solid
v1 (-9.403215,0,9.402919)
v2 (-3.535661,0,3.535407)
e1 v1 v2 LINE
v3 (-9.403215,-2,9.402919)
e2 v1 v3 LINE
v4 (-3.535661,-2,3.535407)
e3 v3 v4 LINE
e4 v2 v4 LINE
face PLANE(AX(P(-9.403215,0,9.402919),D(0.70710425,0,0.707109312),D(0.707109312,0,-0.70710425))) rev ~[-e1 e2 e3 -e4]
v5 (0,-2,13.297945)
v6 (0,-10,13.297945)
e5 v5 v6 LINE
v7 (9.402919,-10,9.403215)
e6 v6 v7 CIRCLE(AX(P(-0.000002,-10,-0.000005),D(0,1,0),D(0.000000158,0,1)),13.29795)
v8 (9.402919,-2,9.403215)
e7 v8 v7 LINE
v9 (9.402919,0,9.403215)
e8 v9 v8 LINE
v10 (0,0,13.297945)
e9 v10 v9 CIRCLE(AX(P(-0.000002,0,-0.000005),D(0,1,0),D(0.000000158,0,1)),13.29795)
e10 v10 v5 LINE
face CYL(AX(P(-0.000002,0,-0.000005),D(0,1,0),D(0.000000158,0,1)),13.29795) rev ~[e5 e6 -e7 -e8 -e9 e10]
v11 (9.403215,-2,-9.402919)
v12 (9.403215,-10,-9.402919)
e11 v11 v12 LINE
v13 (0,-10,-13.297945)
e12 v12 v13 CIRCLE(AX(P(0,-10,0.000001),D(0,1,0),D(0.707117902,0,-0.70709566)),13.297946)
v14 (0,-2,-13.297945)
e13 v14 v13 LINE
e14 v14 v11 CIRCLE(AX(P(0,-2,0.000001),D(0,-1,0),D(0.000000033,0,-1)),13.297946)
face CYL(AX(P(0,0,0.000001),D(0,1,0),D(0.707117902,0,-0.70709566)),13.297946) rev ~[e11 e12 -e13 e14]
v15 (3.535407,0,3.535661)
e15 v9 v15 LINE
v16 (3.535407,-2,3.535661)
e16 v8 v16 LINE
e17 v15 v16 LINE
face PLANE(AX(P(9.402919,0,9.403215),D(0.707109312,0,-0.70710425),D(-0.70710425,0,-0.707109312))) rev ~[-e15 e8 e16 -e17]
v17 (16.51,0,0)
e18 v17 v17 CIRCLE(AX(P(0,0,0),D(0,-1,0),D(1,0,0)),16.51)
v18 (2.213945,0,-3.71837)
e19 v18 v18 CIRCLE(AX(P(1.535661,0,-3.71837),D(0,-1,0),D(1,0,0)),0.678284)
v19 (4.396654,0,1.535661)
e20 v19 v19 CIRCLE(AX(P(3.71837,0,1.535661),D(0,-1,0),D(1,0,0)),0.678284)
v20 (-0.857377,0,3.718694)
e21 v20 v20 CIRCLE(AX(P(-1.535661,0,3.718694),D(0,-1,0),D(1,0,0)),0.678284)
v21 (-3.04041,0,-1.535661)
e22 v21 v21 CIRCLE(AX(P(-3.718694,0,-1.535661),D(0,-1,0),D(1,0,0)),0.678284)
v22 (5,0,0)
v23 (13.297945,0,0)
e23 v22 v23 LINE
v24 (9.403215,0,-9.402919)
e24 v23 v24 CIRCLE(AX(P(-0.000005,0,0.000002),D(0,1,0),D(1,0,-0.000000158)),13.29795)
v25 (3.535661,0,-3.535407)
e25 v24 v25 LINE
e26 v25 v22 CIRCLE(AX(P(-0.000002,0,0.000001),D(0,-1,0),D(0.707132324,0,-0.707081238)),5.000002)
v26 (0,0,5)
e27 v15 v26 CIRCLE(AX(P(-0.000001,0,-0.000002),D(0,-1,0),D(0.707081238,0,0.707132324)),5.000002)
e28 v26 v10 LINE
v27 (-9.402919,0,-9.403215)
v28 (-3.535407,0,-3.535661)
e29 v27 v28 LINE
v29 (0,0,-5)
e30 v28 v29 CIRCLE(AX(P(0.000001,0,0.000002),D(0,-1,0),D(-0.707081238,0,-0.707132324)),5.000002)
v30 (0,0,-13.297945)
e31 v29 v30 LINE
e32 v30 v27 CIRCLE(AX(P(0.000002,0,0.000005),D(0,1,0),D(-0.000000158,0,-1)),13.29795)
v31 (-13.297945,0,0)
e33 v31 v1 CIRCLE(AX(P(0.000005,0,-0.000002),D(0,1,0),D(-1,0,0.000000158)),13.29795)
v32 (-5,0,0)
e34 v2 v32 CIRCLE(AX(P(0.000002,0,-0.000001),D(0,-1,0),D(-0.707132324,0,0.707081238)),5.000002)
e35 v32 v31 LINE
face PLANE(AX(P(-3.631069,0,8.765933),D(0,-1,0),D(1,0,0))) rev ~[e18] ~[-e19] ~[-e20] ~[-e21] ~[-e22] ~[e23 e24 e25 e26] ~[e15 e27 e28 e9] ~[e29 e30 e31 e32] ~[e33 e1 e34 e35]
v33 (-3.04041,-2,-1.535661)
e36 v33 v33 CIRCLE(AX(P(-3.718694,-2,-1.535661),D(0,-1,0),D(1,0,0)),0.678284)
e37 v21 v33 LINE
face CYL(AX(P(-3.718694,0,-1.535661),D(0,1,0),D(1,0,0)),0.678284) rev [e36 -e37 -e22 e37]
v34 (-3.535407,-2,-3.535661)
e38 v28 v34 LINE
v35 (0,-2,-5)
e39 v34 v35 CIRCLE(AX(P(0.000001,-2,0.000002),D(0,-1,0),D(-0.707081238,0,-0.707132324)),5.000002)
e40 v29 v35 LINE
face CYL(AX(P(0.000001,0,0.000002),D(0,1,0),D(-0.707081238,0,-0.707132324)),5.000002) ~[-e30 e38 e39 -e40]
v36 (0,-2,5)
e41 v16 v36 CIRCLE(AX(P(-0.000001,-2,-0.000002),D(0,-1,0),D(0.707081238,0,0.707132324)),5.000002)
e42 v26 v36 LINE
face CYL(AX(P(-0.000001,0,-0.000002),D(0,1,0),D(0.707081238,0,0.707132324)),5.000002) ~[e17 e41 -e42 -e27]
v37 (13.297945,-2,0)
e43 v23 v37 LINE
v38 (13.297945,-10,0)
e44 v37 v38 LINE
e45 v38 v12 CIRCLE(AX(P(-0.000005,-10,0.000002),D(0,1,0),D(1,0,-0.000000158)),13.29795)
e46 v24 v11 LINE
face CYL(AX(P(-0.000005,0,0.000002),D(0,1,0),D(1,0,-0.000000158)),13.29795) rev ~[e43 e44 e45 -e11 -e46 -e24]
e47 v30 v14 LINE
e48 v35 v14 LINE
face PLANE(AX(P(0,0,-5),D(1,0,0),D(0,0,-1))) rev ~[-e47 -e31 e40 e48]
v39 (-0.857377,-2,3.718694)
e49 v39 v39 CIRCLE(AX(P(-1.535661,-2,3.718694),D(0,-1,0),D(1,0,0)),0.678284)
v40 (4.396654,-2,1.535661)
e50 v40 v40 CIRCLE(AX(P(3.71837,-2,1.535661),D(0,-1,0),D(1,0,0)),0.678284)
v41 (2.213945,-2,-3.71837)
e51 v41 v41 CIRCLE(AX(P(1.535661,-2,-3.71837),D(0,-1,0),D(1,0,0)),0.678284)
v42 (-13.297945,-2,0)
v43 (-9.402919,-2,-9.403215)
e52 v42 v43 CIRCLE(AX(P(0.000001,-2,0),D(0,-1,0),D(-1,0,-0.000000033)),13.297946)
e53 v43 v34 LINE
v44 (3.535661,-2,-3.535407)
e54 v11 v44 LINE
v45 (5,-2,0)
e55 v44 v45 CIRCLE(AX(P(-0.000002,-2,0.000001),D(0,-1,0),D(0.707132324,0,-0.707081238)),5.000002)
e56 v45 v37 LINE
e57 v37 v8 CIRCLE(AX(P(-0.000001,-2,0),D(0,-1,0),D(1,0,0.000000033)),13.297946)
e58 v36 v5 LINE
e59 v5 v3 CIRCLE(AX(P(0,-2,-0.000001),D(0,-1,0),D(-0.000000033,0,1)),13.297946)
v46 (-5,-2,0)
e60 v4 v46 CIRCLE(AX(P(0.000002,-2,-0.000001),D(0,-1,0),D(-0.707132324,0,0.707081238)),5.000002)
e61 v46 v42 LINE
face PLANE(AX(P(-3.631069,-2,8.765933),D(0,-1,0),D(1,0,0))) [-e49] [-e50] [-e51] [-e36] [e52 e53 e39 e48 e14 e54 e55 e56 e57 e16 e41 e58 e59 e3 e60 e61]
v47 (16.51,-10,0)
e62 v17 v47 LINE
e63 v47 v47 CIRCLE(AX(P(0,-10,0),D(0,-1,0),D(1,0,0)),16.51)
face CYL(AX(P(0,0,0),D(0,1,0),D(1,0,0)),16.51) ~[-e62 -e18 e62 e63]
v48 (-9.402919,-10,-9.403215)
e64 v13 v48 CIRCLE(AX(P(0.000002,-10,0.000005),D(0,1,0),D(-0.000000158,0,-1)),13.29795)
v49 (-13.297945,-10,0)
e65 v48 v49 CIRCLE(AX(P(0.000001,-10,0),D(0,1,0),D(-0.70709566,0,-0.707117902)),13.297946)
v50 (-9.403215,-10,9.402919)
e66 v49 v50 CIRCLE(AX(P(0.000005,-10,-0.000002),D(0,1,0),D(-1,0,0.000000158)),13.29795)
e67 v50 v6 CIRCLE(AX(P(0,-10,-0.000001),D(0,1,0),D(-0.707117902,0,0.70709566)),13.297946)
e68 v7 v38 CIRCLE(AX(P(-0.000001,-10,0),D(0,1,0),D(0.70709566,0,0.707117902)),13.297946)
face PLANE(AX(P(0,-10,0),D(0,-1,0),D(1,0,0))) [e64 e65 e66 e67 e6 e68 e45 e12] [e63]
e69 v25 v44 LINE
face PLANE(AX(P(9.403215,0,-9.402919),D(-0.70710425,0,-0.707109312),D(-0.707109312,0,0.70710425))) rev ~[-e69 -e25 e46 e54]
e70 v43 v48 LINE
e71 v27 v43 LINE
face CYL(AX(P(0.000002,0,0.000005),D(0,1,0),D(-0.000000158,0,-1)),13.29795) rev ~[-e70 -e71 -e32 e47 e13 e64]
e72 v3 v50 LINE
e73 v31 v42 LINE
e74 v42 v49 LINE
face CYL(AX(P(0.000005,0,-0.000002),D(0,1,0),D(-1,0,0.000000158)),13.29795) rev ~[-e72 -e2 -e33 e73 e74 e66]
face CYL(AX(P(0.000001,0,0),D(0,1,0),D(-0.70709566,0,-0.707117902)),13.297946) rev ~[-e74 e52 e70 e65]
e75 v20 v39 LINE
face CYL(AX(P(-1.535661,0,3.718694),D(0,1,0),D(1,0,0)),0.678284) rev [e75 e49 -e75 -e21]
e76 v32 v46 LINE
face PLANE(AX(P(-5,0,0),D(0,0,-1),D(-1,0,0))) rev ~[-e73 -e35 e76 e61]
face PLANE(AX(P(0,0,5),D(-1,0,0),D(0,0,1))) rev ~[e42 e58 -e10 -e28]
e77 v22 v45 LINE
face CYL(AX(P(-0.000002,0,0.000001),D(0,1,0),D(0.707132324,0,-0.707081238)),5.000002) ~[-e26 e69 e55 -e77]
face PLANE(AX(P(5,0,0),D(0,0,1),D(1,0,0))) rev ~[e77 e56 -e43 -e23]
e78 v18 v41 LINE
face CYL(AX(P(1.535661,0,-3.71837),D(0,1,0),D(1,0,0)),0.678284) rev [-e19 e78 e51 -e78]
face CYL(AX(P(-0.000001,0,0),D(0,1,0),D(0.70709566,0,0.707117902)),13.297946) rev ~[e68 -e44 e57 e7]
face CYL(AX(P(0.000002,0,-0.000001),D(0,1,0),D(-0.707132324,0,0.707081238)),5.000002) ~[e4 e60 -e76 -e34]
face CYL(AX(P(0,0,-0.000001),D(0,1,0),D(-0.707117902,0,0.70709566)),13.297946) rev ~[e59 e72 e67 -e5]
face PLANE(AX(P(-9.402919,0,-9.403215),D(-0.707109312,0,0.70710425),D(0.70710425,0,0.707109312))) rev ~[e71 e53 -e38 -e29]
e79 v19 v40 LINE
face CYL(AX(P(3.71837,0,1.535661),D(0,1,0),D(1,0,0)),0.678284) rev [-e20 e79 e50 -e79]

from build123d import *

# Parameters (mm, degrees)
F0_R     = 16.51
F1_DEPTH = 10
F0_R_2   = 0.678284
F2_DEPTH = 2


with BuildPart() as f1:
    # F0 (on Front) → F1 (new body)
    with BuildSketch(Plane.XZ):
        Circle(F0_R)
        with BuildLine():
            ThreePointArc((0, 13.297945), (5.088806, 12.285739), (9.402919, 9.403215))
            ThreePointArc((9.402919, 9.403215), (12.285659, 5.089), (13.297945, 0))
            ThreePointArc((13.297945, 0), (12.285739, -5.088806), (9.403215, -9.402919))
            ThreePointArc((9.403215, -9.402919), (5.089, -12.285659), (0, -13.297945))
            ThreePointArc((0, -13.297945), (-5.088806, -12.285739), (-9.402919, -9.403215))
            ThreePointArc((-9.402919, -9.403215), (-12.285659, -5.089), (-13.297945, 0))
            ThreePointArc((-13.297945, 0), (-12.285739, 5.088806), (-9.403215, 9.402919))
            ThreePointArc((-9.403215, 9.402919), (-5.089, 12.285659), (0, 13.297945))
        make_face(mode=Mode.SUBTRACT)
    extrude(amount=F1_DEPTH)

    # F0 (on Front) → F2 (join)
    with BuildSketch(Plane.XZ):
        with BuildLine():
            ThreePointArc((-3.535661, 3.535407), (-1.9135, 4.619363), (0, 5))
            Line((0, 5), (0, 13.297945))
            ThreePointArc((0, 13.297945), (-5.089, 12.285659), (-9.403215, 9.402919))
            Line((-9.403215, 9.402919), (-3.535661, 3.535407))
        make_face()
        with BuildLine():
            ThreePointArc((3.535661, -3.535407), (4.619432, -1.913334), (5, 0))
            ThreePointArc((5, 0), (4.619363, 1.9135), (3.535407, 3.535661))
            ThreePointArc((3.535407, 3.535661), (1.913334, 4.619432), (0, 5))
            ThreePointArc((0, 5), (-1.9135, 4.619363), (-3.535661, 3.535407))
            ThreePointArc((-3.535661, 3.535407), (-4.619432, 1.913334), (-5, 0))
            ThreePointArc((-5, 0), (-4.619363, -1.9135), (-3.535407, -3.535661))
            ThreePointArc((-3.535407, -3.535661), (-1.913334, -4.619432), (0, -5))
            ThreePointArc((0, -5), (1.9135, -4.619363), (3.535661, -3.535407))
        make_face()
        with Locations((-3.718694, -1.535661)):
            Circle(F0_R_2, mode=Mode.SUBTRACT)
        with Locations((1.535661, -3.71837)):
            Circle(F0_R_2, mode=Mode.SUBTRACT)
        with Locations((-1.535661, 3.718694)):
            Circle(F0_R_2, mode=Mode.SUBTRACT)
        with Locations((3.71837, 1.535661)):
            Circle(F0_R_2, mode=Mode.SUBTRACT)
        with BuildLine():
            ThreePointArc((3.535407, 3.535661), (4.619363, 1.9135), (5, 0))
            Line((5, 0), (5.000866, 0))
            Line((5.000866, 0), (13.297945, 0))
            ThreePointArc((13.297945, 0), (12.285659, 5.089), (9.402919, 9.403215))
            Line((9.402919, 9.403215), (3.535407, 3.535661))
        make_face()
        with BuildLine():
            Line((9.403215, -9.402919), (3.535661, -3.535407))
            ThreePointArc((3.535661, -3.535407), (1.9135, -4.619363), (0, -5))
            Line((0, -5), (0, -13.297945))
            ThreePointArc((0, -13.297945), (5.089, -12.285659), (9.403215, -9.402919))
        make_face()
        with BuildLine():
            Line((-9.402919, -9.403215), (-3.535407, -3.535661))
            ThreePointArc((-3.535407, -3.535661), (-4.619363, -1.9135), (-5, 0))
            Line((-5, 0), (-13.297945, 0))
            ThreePointArc((-13.297945, 0), (-12.285659, -5.089), (-9.402919, -9.403215))
        make_face()
    extrude(amount=F2_DEPTH)


solid = f1.part
